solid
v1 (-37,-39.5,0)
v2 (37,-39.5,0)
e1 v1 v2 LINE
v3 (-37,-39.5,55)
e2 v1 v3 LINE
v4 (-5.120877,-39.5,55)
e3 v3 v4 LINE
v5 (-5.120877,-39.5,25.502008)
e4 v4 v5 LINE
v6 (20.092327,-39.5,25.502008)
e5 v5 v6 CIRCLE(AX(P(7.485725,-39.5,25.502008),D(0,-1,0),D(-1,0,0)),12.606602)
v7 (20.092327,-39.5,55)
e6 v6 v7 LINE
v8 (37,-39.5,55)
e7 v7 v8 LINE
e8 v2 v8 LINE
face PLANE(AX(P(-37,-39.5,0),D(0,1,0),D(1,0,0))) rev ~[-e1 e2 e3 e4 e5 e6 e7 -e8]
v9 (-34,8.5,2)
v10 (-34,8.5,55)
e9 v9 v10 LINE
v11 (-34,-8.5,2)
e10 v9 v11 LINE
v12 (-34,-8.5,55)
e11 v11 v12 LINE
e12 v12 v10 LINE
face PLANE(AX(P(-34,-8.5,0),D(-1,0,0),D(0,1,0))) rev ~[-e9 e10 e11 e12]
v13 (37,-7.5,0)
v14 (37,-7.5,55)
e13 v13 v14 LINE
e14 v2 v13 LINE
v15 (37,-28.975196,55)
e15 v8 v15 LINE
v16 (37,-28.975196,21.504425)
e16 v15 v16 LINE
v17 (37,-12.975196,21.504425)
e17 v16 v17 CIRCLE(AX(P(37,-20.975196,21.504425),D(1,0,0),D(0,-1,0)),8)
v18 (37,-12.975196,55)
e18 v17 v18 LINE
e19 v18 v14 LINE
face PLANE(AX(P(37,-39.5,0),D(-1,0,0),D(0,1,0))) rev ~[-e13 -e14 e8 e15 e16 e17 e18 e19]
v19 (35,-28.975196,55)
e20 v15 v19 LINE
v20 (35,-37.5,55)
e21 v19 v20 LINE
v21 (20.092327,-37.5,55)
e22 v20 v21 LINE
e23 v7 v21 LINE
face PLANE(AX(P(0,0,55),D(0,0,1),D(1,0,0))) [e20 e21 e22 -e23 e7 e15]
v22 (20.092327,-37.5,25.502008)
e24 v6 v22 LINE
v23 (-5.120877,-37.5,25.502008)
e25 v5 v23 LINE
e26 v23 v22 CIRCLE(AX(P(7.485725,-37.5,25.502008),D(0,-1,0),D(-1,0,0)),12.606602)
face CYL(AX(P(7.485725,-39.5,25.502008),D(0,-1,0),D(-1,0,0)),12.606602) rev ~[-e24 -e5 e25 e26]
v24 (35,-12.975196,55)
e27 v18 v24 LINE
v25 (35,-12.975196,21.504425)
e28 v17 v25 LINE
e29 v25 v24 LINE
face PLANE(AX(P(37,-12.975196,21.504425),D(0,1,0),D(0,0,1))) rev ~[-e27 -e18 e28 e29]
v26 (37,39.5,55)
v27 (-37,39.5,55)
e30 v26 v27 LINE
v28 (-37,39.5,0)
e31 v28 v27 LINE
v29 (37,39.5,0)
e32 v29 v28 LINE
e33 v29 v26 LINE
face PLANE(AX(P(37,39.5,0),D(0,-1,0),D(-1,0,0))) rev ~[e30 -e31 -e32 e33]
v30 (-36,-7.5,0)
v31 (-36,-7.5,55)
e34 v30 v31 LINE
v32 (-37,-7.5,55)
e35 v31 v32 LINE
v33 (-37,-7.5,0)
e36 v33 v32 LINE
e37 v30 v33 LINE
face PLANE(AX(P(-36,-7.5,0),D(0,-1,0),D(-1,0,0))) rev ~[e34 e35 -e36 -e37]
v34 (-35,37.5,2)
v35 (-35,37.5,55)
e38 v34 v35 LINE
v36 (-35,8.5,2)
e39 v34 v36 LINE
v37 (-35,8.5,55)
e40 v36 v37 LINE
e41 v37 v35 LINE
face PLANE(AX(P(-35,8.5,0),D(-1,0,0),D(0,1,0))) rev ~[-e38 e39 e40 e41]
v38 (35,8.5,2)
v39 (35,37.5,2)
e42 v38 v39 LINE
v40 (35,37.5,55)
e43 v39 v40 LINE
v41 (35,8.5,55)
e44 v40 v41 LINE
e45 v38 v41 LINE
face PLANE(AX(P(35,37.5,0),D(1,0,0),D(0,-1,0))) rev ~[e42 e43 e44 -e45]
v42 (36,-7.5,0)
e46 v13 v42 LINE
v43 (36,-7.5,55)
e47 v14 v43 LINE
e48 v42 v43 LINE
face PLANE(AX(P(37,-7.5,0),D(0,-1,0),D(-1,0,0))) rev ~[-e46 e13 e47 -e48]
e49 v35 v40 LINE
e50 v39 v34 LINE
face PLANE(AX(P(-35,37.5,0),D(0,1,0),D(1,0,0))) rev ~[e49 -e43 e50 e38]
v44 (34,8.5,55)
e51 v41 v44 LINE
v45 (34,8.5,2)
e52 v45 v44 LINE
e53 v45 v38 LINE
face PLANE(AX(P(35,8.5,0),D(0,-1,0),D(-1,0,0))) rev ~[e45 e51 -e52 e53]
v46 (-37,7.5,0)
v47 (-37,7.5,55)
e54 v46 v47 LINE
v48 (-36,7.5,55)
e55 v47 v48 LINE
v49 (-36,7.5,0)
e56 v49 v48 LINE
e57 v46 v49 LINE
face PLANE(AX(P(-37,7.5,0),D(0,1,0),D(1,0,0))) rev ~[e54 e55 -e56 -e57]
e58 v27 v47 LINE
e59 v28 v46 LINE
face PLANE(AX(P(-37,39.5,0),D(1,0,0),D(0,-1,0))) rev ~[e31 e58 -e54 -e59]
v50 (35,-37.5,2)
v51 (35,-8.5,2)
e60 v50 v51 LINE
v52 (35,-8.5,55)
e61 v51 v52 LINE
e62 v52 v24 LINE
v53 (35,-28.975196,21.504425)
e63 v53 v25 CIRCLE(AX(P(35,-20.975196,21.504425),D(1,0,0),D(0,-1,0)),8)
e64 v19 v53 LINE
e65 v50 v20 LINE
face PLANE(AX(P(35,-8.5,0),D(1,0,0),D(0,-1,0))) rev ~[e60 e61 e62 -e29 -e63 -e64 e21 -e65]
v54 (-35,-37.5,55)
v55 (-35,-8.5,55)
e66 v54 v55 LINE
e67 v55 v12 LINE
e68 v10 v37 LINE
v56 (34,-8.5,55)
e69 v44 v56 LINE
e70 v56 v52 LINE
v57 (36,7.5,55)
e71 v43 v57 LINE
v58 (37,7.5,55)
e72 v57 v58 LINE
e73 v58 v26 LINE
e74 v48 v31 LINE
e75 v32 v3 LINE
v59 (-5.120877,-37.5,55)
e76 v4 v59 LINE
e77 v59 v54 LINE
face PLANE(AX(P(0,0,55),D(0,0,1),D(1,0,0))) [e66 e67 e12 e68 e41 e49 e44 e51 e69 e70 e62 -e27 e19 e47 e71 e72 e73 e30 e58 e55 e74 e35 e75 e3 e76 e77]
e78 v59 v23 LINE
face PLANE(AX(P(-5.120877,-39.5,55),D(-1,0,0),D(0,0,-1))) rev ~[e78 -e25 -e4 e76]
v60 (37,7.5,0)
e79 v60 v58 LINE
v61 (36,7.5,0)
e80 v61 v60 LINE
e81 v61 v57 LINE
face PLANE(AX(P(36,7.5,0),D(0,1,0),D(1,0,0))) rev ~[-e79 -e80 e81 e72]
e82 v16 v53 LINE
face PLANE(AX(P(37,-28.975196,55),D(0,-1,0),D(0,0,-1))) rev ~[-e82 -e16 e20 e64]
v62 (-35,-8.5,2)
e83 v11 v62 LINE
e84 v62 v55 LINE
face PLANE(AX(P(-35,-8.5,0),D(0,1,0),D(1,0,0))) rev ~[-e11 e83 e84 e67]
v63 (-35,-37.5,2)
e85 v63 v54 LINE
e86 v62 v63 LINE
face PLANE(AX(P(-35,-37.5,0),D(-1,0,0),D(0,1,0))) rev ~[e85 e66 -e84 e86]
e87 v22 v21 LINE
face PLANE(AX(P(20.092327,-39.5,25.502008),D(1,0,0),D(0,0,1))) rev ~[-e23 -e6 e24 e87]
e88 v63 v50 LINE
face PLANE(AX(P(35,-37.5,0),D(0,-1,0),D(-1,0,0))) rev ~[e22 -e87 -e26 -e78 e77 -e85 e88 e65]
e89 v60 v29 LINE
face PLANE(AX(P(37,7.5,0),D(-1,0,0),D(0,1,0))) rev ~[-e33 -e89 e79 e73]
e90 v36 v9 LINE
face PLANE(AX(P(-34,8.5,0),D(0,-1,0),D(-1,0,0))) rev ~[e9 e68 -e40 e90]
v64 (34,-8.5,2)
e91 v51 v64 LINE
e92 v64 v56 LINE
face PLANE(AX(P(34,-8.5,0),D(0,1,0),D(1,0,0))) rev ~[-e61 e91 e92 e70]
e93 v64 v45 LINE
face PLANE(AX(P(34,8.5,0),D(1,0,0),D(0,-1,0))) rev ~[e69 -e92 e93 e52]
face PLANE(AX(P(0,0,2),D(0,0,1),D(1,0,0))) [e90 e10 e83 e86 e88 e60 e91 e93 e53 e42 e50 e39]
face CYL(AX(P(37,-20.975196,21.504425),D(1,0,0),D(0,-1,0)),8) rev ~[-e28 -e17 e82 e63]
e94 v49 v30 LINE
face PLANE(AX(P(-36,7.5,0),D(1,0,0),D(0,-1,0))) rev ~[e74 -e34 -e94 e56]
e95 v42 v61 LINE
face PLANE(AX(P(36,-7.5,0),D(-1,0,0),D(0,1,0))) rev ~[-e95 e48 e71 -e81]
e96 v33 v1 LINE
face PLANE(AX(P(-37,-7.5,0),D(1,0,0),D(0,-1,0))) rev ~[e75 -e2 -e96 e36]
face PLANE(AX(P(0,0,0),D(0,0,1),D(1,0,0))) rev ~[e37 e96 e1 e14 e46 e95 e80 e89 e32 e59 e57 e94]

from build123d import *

# Parameters (mm, degrees)
F1_DEPTH = 2
F2_DEPTH = 55
F4_DEPTH = 3
F6_DEPTH = 3


with BuildPart() as f1:
    # F0 (on Top) → F1 (new body)
    with BuildSketch(Plane.XY):
        Polygon((-35, -37.5), (35, -37.5), (35, -8.5), (34, -8.5), (34, 0), (34, 8.5), (35, 8.5), (35, 37.5), (-35, 37.5), (-35, 8.5), (-34, 8.5), (-34, 0), (-34, -8.5), (-35, -8.5), align=None)
    extrude(amount=F1_DEPTH)

    # F0 (on Top) → F2 (join)
    with BuildSketch(Plane.XY):
        Polygon((-37, -39.5), (37, -39.5), (37, -7.5), (36, -7.5), (36, 0), (36, 7.5), (37, 7.5), (37, 39.5), (-37, 39.5), (-37, 7.5), (-36, 7.5), (-36, 0), (-36, -7.5), (-37, -7.5), align=None)
        Polygon((35, -8.5), (35, -37.5), (-35, -37.5), (-35, -8.5), (-34, -8.5), (-34, 0), (-34, 8.5), (-35, 8.5), (-35, 37.5), (35, 37.5), (35, 8.5), (34, 8.5), (34, 0), (34, -8.5), align=None, mode=Mode.SUBTRACT)
    extrude(amount=F2_DEPTH)

    # F3 (on face) → F4 (cut)
    with BuildSketch(Plane.XZ.offset(39.5)):
        with BuildLine():
            Line((-5.120877, 55), (-5.120877, 25.502008))
            ThreePointArc((-5.120877, 25.502008), (7.485725, 12.895406), (20.092327, 25.502008))
            Line((20.092327, 25.502008), (20.092327, 55))
            Line((20.092327, 55), (-5.120877, 55))
        make_face()
    extrude(amount=-F4_DEPTH, mode=Mode.SUBTRACT)

    # F5 (on face) → F6 (cut)
    with BuildSketch(Plane.YZ.offset(37)):
        with BuildLine():
            ThreePointArc((-28.975196, 21.504425), (-20.975196, 13.504425), (-12.975196, 21.504425))
            Line((-12.975196, 21.504425), (-12.975196, 55))
            Line((-12.975196, 55), (-28.975196, 55))
            Line((-28.975196, 55), (-28.975196, 21.504425))
        make_face()
    extrude(amount=-F6_DEPTH, mode=Mode.SUBTRACT)


solid = f1.part
